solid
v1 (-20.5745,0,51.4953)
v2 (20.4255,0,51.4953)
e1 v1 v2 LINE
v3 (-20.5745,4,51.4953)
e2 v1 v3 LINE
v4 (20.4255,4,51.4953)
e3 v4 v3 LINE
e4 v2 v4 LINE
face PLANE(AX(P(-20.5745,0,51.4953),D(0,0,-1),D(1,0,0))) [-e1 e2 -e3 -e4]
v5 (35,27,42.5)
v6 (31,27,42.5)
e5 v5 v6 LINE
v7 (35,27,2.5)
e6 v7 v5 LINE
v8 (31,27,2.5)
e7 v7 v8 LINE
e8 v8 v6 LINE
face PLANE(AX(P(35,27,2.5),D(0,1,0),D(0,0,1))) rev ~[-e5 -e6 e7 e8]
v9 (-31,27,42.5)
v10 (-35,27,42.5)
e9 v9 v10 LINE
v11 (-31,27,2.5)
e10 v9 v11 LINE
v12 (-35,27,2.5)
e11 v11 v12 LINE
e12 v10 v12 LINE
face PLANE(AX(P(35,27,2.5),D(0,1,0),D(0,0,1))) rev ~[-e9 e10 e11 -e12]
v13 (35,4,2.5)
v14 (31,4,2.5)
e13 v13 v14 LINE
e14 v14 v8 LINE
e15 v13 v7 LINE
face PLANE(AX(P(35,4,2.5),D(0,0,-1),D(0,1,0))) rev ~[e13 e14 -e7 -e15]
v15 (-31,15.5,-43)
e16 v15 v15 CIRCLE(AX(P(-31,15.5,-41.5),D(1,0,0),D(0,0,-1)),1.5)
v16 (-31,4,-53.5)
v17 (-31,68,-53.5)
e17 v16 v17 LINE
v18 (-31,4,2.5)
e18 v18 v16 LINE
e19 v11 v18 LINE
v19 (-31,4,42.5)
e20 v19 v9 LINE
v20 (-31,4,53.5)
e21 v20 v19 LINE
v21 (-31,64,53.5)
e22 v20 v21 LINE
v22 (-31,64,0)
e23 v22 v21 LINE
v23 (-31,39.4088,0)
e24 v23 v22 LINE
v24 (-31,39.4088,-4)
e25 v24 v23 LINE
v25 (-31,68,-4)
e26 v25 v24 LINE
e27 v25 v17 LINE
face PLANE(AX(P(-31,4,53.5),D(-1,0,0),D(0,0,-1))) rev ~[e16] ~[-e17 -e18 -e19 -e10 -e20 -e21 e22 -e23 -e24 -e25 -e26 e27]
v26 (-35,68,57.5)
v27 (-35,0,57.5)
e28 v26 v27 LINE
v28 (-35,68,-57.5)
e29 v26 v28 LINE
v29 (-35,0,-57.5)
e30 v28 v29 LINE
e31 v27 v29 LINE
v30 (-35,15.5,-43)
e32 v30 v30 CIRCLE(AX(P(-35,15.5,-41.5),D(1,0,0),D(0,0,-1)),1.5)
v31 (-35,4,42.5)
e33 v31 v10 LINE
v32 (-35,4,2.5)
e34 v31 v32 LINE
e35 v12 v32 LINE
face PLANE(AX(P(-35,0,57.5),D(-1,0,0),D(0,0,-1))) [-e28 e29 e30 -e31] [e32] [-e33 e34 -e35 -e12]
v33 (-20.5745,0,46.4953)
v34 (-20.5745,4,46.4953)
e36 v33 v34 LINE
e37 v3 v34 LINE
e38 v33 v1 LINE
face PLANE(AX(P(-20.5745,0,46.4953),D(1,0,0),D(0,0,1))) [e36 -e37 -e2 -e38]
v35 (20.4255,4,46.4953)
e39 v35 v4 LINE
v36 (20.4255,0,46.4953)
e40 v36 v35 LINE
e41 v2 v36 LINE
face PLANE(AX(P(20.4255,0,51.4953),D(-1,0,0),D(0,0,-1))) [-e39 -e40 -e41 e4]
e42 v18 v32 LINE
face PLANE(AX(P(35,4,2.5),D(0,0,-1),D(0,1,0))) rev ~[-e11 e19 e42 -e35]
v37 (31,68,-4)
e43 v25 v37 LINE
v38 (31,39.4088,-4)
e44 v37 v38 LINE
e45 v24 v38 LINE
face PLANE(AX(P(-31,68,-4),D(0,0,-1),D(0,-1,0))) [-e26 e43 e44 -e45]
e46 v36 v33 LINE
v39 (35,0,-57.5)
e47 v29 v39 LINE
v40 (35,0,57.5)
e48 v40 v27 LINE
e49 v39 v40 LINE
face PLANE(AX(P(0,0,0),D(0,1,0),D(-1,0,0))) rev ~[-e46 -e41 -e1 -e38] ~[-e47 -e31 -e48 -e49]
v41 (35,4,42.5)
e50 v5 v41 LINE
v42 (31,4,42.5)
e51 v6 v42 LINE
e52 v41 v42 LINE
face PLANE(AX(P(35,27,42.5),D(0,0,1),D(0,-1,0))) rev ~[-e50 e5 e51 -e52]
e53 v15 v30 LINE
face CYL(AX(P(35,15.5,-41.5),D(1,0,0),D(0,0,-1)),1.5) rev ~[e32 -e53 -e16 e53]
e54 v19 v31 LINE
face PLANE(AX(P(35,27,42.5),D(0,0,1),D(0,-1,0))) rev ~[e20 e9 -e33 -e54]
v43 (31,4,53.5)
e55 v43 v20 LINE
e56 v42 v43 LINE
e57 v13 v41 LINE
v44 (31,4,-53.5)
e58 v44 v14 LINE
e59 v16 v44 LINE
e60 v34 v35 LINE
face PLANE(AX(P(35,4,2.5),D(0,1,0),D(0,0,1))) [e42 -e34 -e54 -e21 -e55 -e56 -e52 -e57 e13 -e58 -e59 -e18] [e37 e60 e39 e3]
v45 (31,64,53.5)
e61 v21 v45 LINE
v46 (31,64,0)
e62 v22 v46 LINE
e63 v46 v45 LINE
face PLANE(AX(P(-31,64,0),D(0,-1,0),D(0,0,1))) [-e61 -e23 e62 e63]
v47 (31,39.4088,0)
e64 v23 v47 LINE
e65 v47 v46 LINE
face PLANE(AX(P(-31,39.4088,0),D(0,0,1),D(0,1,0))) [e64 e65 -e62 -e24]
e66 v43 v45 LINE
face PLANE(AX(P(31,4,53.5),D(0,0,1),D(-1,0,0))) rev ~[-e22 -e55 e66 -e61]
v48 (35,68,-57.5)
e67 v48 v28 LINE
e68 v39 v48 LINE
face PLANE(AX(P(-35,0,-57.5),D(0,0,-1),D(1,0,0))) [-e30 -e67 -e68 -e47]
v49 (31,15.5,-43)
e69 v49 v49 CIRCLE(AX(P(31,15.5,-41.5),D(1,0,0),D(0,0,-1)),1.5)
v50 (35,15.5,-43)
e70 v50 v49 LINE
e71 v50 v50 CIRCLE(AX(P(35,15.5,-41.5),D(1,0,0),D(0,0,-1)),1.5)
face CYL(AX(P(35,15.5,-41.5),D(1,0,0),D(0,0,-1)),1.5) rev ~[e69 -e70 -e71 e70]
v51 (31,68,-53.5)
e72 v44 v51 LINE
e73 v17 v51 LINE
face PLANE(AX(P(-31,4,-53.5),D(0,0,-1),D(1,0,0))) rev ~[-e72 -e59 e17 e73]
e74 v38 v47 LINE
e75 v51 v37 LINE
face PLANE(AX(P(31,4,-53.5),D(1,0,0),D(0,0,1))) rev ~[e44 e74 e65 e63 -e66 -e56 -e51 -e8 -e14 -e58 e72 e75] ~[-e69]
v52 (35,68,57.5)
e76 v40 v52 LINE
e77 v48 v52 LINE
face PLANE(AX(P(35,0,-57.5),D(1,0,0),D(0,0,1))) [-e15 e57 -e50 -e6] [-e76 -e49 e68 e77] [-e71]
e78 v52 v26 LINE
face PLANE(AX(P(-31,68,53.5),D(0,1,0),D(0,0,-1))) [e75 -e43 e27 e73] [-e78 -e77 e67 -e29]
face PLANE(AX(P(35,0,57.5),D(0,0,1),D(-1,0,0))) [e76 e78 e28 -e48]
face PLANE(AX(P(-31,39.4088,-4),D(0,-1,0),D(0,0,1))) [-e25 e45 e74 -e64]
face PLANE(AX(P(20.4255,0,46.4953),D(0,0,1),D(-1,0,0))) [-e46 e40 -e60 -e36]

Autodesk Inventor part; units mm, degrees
ref_plane "YZ Plane" through (0, 0, 0) normal (1, 0, 0) x (0, 1, 0)
ref_plane "XZ Plane" through (0, 0, 0) normal (0, 1, 0) x (-1, 0, 0)
ref_plane "XY Plane" through (0, 0, 0) normal (0, 0, 1) x (1, 0, 0)
sketch "Эскиз1" plane through (0, 0, 0) normal (0, 1, 0) x (-1, 0, 0)
  line L0 (-35, 57.5) -> (35, 57.5)
  line L1 (35, 57.5) -> (35, -57.5)
  line L2 (35, -57.5) -> (-35, -57.5)
  line L3 (-35, -57.5) -> (-35, 57.5)
  line L4 (-35, 57.5) -> (35, -57.5) construction
  line L5 (35, 57.5) -> (-35, -57.5) construction
  point P0 (0, 0)
  dimension "d0" = 115
  dimension "d1" = 70
extrude "Выдавливание1" add sketch "Эскиз1" along normal blind 4
sketch "Эскиз2" plane through (0, 4, 0) normal (0, 1, 0) x (1, 0, 0)
  line L0 (35, 57.5) -> (-35, 57.5) projected
  line L1 (35, -57.5) -> (-35, -57.5)
  line L2 (-35, -57.5) -> (-35, 57.5)
  line L3 (-35, 57.5) -> (35, 57.5)
  line L4 (35, 57.5) -> (35, -57.5)
  line L5 (35, -57.5) -> (-35, 57.5) construction
  line L6 (-35, -57.5) -> (35, 57.5) construction
  line L7 (31, -53.5) -> (-31, -53.5)
  line L8 (-31, -53.5) -> (-31, 53.5)
  line L9 (-31, 53.5) -> (31, 53.5)
  line L10 (31, 53.5) -> (31, -53.5)
  line L11 (31, -53.5) -> (-31, 53.5) construction
  line L12 (-31, -53.5) -> (31, 53.5) construction
  point P0 (0, 0)
  dimension "d4" = 4
  dimension "d5" = 4
extrude "Выдавливание2" add sketch "Эскиз2" along normal blind 64
sketch "Эскиз3" plane through (35, 0, 57.5) normal (1, 0, 0) x (0, 0, -1)
  line L0 (111, 4) -> (4, 4) projected
  line L1 (15, 4) -> (55, 4)
  line L2 (55, 4) -> (55, 27)
  line L3 (55, 27) -> (15, 27)
  line L4 (15, 27) -> (15, 4)
  point P0 (57.5, 0)
  point P1 (0, 0)
  dimension "d9" = 40
  dimension "d10" = 23
extrude "Выдавливание3" cut sketch "Эскиз3" against normal blind 75
sketch "Эскиз4" plane through (35, 0, 57.5) normal (1, 0, 0) x (0, 0, -1)
  line L0 (55, 27) -> (55, 4) projected
  circle A0 centre (99, 15.5) radius 1.5
  point P0 (57.5, 0)
  dimension "d14" = 3
extrude "Выдавливание4" cut sketch "Эскиз4" against normal blind 75
sketch "Эскиз5" plane through (-31, 4, -53.5) normal (1, 0, 0) x (0, 0, -1)
  line L0 (-107, 0) -> (-107, 64) projected
  line L1 (-107, 64) -> (-49.5, 64)
  line L2 (-49.5, 64) -> (-49.5, 35.4088)
  line L3 (-49.5, 35.4088) -> (-53.5, 35.4088)
  line L4 (-53.5, 35.4088) -> (-53.5, 60)
  line L5 (-53.5, 60) -> (-107, 60)
  line L6 (-107, 60) -> (-107, 64)
  point P0 (-53.5, -4)
  dimension "d17" = 4
  dimension "d18" = 4
extrude "Выдавливание5" add sketch "Эскиз5" along normal blind 62
sketch "Эскиз6" plane through (0, 0, 0) normal (0, -1, 0) x (1, 0, 0)
  line L0 (-20.5745, 51.4953) -> (20.4255, 51.4953)
  line L1 (20.4255, 51.4953) -> (20.4255, 46.4953)
  line L2 (20.4255, 46.4953) -> (-20.5745, 46.4953)
  line L3 (-20.5745, 46.4953) -> (-20.5745, 51.4953)
  line L4 (-20.5745, 51.4953) -> (20.4255, 46.4953) construction
  line L5 (20.4255, 51.4953) -> (-20.5745, 46.4953) construction
  point P0 (0, 0)
  point P1 (-0.0745, 48.9953)
  dimension "d21" = 5
  dimension "d22" = 41
extrude "Выдавливание6" cut sketch "Эскиз6" against normal blind 10
properties part number "самосвал кузов"
